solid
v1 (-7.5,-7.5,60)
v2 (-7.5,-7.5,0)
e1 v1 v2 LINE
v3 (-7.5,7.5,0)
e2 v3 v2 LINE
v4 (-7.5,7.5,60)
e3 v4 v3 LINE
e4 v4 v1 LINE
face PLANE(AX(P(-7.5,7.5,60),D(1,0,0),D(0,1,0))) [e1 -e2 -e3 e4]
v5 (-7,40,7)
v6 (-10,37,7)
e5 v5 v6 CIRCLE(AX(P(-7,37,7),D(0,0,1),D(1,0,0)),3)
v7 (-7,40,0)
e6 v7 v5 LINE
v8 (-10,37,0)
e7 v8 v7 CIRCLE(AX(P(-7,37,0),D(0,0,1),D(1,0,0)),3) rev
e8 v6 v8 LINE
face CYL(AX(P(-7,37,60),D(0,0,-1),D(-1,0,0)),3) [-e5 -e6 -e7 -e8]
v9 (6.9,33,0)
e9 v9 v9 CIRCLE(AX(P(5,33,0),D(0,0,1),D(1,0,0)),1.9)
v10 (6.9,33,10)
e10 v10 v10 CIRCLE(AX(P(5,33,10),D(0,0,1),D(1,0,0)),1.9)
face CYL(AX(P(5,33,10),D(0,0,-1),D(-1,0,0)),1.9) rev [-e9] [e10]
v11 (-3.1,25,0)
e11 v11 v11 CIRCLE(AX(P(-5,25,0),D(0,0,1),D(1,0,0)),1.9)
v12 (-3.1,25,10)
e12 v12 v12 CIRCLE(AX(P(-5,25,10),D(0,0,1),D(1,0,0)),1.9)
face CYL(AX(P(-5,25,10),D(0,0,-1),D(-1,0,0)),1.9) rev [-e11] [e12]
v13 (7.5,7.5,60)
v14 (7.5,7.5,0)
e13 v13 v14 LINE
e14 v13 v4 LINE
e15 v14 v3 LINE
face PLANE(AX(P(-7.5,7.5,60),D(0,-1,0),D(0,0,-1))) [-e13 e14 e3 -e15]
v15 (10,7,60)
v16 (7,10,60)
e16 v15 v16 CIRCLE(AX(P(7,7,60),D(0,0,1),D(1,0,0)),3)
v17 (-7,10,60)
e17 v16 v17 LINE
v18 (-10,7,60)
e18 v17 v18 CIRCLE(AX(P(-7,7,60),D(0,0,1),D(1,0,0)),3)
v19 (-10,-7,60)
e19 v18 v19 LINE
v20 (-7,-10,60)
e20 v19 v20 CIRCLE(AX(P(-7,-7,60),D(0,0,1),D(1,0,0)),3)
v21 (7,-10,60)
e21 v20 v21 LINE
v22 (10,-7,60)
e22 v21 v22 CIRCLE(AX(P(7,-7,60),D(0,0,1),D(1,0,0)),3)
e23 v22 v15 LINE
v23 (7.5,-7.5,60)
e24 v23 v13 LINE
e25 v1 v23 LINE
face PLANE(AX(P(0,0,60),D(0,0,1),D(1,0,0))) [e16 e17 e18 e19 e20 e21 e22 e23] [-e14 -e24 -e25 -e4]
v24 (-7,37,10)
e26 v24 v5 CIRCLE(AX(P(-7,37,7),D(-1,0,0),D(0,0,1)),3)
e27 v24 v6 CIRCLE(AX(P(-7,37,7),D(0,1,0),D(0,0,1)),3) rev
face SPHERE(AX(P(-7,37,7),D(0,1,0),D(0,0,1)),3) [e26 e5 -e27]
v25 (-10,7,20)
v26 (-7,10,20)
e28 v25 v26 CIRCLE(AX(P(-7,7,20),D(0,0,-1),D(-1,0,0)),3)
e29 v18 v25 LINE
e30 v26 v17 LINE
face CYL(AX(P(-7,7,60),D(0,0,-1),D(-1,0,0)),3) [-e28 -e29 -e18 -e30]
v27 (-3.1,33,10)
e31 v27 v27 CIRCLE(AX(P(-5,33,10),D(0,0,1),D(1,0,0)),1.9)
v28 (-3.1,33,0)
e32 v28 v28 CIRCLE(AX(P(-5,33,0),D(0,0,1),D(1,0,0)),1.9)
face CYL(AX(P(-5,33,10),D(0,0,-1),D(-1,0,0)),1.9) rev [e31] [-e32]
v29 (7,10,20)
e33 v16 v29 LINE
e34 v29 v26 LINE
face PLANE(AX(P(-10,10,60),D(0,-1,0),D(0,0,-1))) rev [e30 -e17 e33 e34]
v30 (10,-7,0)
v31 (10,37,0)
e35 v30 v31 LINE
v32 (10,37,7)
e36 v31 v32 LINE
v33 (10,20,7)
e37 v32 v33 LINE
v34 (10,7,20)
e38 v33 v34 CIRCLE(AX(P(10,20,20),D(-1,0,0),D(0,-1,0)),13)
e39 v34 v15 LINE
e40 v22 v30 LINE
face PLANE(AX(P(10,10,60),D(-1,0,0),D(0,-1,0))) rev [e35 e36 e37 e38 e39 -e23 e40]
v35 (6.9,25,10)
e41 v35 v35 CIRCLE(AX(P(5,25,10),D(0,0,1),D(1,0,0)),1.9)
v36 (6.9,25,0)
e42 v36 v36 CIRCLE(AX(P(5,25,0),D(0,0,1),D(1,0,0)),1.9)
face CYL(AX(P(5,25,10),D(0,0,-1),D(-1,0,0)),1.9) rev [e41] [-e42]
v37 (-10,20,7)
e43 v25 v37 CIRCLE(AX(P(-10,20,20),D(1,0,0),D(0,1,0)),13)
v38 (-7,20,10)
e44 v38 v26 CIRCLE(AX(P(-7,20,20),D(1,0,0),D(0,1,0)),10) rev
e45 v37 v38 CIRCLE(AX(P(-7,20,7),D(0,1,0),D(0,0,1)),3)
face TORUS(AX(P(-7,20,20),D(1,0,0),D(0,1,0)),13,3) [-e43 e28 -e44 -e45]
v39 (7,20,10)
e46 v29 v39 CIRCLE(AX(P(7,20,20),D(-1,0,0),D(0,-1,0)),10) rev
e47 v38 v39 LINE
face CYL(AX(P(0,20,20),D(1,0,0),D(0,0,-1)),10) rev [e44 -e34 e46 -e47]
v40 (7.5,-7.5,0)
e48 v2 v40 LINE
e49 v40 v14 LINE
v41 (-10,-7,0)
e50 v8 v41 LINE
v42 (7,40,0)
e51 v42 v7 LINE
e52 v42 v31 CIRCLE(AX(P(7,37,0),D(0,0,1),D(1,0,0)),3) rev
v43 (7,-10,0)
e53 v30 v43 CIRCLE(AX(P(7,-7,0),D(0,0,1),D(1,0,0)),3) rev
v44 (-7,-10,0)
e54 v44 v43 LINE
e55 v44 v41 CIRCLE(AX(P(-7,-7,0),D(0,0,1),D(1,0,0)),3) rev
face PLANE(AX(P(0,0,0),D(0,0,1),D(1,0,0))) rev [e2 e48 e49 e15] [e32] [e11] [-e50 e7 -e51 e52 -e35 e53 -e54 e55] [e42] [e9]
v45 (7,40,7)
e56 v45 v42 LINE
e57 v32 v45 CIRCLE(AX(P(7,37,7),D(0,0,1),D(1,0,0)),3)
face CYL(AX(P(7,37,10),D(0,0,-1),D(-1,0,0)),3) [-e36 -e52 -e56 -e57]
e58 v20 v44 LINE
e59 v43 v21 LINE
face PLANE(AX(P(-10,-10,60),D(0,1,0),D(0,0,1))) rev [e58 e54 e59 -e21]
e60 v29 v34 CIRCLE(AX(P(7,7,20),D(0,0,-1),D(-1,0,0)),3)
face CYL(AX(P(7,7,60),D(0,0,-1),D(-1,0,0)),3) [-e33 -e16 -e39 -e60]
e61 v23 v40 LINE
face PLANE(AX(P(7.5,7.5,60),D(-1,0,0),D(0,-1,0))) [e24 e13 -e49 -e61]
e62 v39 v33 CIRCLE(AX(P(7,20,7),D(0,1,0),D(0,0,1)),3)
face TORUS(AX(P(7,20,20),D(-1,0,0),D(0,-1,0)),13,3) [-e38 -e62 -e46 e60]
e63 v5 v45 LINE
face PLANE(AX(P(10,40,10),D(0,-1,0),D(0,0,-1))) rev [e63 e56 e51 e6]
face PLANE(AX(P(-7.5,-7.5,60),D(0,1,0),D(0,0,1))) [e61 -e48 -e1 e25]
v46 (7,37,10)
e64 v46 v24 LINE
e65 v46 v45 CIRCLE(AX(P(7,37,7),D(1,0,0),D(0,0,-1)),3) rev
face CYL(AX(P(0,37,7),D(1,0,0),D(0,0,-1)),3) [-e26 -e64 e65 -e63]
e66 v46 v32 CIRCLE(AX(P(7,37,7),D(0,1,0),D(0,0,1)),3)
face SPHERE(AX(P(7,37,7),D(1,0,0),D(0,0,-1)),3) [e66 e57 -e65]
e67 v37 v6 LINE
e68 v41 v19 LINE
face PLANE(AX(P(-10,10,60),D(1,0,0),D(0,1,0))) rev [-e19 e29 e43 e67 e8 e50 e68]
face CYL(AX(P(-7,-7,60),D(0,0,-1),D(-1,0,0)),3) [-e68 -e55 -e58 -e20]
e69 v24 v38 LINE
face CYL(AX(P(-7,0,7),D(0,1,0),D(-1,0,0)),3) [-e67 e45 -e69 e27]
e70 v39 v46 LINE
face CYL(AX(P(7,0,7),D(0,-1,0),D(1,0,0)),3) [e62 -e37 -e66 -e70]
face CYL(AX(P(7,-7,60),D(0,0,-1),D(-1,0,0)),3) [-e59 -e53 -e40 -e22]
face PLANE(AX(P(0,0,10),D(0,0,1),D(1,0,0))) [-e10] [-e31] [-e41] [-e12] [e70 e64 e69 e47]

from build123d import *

# Parameters (mm, degrees)
SKETCH_4_W          = 20
SKETCH_4_H          = 20
SKETCH_4_W_2        = 15
SKETCH_4_H_2        = 15
EXTRUDE_3_DEPTH     = 60
SKETCH_5_W          = 20
SKETCH_5_H          = 30
EXTRUDE_4_DEPTH     = 10
FILLET_1_R          = 10
FILLET_2_R          = 3
FILLET_3_R          = 3
SKETCH_6_R          = 1.9
CUT_EXTRUDE_1_DEPTH = 10


with BuildPart() as part:
    # ｽｹｯﾁ4 → ﾎﾞｽ - 押し出し3 (new body)
    with BuildSketch(Plane.XY):
        Rectangle(SKETCH_4_W, SKETCH_4_H)
        Rectangle(SKETCH_4_W_2, SKETCH_4_H_2, mode=Mode.SUBTRACT)
    extrude(amount=EXTRUDE_3_DEPTH)

    # ｽｹｯﾁ5 → ﾎﾞｽ - 押し出し4 (add)
    with BuildSketch(Plane.XY):
        with Locations((0, 25)):
            Rectangle(SKETCH_5_W, SKETCH_5_H)
    extrude(amount=EXTRUDE_4_DEPTH)

    # ﾌｨﾚｯﾄ1
    fillet_1_edges = [part.edges().sort_by_distance(p)[0] for p in [
        (0, 10, 10),
    ]]
    fillet(fillet_1_edges, radius=FILLET_1_R)

    # ﾌｨﾚｯﾄ2
    fillet_2_edges = [part.edges().sort_by_distance(p)[0] for p in [
        (10, 40, 5),
        (-10, 40, 5),
        (0, 40, 10),
        (-10, 30, 10),
        (10, 30, 10),
        (10, 12.928932188, 12.928932188),
        (-10, 12.928932188, 12.928932188),
        (-10, 10, 40),
        (10, 10, 40),
    ]]
    fillet(fillet_2_edges, radius=FILLET_2_R)

    # ﾌｨﾚｯﾄ3
    fillet_3_edges = [part.edges().sort_by_distance(p)[0] for p in [
        (10, -10, 30),
        (-10, -10, 30),
    ]]
    fillet(fillet_3_edges, radius=FILLET_3_R)

    # ｽｹｯﾁ6 → ｶｯﾄ - 押し出し1 (cut)
    with BuildSketch(Plane.XY):
        with Locations((5, 25)):
            Circle(SKETCH_6_R)
        with Locations((5, 33)):
            Circle(SKETCH_6_R)
        with Locations((-5, 33)):
            Circle(SKETCH_6_R)
        with Locations((-5, 25)):
            Circle(SKETCH_6_R)
    extrude(amount=CUT_EXTRUDE_1_DEPTH, mode=Mode.SUBTRACT)


solid = part.part
